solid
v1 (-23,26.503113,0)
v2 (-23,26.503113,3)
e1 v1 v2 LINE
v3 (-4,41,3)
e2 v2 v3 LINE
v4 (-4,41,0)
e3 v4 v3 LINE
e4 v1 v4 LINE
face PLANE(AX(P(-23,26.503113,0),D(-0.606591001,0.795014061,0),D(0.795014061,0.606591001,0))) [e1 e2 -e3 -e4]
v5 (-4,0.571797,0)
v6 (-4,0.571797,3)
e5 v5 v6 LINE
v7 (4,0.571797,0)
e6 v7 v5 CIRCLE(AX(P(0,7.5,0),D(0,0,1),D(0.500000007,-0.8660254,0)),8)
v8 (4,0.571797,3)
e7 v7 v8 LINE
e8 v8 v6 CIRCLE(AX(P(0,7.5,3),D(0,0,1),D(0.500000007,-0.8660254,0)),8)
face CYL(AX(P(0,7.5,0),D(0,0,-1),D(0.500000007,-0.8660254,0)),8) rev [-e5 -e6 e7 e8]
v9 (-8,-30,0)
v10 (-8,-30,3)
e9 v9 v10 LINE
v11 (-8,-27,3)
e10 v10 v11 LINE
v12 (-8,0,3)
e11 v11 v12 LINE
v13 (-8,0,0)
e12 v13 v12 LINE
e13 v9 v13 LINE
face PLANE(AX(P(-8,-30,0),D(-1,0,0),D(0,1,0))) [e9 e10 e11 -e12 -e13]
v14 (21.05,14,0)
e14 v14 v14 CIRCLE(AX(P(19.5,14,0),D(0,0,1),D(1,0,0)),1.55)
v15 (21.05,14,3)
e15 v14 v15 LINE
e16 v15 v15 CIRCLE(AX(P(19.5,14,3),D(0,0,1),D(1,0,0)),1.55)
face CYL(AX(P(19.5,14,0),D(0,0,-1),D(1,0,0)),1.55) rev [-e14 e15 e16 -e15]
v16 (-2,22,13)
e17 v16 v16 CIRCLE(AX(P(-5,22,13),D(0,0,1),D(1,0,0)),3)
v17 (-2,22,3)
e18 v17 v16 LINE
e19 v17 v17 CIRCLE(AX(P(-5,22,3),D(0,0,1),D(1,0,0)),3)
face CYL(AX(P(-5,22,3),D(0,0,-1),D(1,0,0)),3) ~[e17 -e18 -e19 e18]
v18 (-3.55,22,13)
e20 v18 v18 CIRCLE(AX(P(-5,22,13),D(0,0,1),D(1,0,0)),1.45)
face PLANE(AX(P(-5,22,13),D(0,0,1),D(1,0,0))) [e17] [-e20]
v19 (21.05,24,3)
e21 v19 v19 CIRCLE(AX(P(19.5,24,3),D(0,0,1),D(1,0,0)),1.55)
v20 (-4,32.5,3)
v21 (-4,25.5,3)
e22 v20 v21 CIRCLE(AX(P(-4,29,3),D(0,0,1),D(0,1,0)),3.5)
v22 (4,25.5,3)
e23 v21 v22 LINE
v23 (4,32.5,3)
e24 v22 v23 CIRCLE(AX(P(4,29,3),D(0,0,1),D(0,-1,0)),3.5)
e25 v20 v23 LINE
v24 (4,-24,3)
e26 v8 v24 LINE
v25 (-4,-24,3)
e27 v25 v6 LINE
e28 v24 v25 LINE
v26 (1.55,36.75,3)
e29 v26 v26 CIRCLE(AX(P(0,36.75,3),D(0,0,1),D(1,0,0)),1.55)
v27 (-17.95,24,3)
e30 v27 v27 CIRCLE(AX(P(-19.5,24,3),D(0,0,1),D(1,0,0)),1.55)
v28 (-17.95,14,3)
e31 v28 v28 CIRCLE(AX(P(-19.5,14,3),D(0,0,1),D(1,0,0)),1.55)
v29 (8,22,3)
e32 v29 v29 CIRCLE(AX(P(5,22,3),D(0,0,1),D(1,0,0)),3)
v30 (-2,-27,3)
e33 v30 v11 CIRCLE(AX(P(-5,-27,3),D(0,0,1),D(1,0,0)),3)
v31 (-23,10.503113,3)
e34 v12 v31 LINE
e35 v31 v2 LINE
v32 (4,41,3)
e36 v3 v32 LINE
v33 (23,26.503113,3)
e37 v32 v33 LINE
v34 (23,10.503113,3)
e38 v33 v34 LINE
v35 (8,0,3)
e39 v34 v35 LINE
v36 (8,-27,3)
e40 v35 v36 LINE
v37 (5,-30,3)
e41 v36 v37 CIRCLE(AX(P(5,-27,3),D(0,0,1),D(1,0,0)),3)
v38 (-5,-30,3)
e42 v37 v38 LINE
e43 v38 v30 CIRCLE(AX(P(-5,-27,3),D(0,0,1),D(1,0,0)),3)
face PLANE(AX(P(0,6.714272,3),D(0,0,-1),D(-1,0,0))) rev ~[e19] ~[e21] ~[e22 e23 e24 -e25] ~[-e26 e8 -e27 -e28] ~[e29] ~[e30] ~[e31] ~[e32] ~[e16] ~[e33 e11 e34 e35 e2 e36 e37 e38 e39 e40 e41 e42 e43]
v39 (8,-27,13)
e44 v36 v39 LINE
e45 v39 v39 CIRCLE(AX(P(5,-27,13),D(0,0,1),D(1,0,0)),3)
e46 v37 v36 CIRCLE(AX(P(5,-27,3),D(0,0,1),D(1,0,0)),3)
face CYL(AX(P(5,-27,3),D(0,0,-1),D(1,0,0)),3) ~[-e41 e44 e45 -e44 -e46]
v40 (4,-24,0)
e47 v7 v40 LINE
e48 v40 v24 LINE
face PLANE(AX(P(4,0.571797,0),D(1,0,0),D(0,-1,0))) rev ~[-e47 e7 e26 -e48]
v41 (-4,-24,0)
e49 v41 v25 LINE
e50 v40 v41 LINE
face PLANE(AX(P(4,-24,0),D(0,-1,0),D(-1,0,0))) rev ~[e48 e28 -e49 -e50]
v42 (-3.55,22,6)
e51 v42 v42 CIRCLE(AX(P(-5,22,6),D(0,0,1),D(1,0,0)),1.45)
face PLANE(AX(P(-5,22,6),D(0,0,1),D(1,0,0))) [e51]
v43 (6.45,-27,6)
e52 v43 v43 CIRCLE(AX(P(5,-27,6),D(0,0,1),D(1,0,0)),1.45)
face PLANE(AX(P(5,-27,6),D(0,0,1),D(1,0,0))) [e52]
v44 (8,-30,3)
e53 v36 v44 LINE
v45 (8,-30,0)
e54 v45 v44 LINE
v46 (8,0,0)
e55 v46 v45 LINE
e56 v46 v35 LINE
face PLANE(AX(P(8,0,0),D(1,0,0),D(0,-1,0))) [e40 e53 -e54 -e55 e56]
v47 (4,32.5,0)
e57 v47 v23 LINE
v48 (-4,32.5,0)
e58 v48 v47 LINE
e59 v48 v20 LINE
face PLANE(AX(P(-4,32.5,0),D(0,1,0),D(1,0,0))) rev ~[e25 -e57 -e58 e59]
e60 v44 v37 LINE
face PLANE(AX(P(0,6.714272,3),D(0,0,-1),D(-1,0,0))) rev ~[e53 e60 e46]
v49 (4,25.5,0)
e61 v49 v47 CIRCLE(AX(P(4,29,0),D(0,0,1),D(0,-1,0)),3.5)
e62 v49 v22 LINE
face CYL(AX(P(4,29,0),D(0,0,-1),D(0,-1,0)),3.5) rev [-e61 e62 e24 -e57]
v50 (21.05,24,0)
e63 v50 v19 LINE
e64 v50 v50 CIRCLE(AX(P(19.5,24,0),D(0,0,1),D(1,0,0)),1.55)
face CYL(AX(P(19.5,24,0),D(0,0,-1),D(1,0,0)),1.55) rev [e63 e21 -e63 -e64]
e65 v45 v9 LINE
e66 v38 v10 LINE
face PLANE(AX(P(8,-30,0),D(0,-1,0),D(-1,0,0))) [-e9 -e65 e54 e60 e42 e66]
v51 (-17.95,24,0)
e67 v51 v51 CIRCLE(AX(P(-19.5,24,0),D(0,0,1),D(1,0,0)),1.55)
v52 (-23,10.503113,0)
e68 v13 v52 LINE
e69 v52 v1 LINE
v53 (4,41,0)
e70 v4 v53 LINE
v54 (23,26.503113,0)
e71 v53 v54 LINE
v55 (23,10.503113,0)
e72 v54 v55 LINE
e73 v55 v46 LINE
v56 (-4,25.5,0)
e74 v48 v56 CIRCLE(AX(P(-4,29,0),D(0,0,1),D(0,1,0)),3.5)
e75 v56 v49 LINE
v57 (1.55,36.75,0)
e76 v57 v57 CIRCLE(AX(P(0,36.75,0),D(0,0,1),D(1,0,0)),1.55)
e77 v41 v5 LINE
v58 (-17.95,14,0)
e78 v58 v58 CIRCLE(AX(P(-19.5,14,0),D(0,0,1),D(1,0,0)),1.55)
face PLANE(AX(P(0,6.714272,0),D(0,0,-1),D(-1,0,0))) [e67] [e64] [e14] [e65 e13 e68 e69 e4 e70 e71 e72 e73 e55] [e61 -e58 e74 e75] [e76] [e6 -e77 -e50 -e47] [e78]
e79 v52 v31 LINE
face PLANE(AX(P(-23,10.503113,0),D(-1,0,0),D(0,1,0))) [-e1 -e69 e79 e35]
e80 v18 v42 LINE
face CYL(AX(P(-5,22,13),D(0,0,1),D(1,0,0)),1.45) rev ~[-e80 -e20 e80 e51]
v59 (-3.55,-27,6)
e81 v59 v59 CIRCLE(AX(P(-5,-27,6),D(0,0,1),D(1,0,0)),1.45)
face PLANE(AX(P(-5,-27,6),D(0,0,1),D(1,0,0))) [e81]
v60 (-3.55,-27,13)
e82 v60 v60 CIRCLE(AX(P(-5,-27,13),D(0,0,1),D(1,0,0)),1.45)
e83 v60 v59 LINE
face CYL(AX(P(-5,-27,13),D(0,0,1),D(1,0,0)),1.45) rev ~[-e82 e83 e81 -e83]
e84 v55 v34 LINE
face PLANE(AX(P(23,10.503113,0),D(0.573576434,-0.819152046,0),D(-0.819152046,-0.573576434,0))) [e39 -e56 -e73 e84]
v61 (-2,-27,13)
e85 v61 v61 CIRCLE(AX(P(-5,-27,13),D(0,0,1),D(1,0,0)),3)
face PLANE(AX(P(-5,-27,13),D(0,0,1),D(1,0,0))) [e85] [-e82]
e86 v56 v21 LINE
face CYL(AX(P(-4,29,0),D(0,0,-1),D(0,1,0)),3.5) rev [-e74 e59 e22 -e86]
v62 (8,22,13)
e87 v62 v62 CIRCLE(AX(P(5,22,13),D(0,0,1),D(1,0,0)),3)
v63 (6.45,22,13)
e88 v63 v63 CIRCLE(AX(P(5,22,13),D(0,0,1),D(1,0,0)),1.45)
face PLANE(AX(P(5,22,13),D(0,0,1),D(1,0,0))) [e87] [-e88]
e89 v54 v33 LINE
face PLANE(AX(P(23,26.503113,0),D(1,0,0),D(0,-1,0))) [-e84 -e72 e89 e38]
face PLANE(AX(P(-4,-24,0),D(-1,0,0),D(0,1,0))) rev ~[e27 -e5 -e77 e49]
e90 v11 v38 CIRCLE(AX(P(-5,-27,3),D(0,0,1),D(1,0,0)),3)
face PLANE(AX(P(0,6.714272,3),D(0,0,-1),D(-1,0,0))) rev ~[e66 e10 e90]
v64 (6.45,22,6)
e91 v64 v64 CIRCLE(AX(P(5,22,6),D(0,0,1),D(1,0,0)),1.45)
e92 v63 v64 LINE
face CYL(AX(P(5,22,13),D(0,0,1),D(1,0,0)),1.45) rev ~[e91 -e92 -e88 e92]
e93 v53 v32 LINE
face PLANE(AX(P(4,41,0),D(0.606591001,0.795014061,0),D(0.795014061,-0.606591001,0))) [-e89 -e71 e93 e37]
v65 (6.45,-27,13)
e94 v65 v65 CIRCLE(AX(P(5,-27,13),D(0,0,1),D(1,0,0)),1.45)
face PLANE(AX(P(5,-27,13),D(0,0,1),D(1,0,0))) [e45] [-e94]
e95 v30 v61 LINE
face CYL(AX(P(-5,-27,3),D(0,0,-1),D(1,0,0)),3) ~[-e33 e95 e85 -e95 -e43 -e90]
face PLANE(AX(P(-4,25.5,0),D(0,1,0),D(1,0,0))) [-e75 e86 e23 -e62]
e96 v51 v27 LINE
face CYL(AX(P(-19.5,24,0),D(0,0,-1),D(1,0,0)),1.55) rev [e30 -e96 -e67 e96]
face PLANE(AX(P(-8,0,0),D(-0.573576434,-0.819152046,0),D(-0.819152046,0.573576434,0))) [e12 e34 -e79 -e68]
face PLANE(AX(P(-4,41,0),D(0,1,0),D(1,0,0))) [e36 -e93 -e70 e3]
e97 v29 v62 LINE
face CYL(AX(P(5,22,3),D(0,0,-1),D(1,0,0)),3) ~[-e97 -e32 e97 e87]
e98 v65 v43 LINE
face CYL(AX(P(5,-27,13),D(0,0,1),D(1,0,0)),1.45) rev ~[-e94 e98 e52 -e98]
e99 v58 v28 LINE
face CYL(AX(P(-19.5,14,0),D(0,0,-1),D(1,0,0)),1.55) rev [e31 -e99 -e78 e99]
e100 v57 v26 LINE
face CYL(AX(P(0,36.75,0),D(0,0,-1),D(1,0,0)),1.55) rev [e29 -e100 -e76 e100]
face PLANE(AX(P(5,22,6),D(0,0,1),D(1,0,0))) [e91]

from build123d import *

# Parameters (mm, degrees)
SKETCH_R     = 1.55
PAD_DEPTH    = 3
SKETCH001_R  = 3
PAD001_DEPTH = 10
SKETCH002_R  = 1.45
POCKET_DEPTH = 7


with BuildPart() as part:
    # Sketch → Pad (new body)
    with BuildSketch(Plane.XY):
        Polygon((8, -30), (-8, -30), (-8, 0), (-23, 10.503113), (-23, 26.503113), (-4, 41), (4, 41), (23, 26.503113), (23, 10.503113), (8, 0), align=None)
        with Locations((0, 36.75)):
            Circle(SKETCH_R, mode=Mode.SUBTRACT)
        with Locations((19.5, 24)):
            Circle(SKETCH_R, mode=Mode.SUBTRACT)
        with Locations((19.5, 14)):
            Circle(SKETCH_R, mode=Mode.SUBTRACT)
        with Locations((-19.5, 24)):
            Circle(SKETCH_R, mode=Mode.SUBTRACT)
        with Locations((-19.5, 14)):
            Circle(SKETCH_R, mode=Mode.SUBTRACT)
        with BuildLine():
            ThreePointArc((-4, 32.5), (-7.5, 29), (-4, 25.5))
            Line((-4, 25.5), (4, 25.5))
            ThreePointArc((4, 25.5), (7.5, 29), (4, 32.5))
            Line((-4, 32.5), (4, 32.5))
        make_face(mode=Mode.SUBTRACT)
        with BuildLine():
            ThreePointArc((4, 0.571797), (0, 15.5), (-4, 0.571797))
            Line((-4, -24), (-4, 0.571797))
            Line((4, -24), (-4, -24))
            Line((4, 0.571797), (4, -24))
        make_face(mode=Mode.SUBTRACT)
    extrude(amount=PAD_DEPTH)

    # Sketch001 (on Face25 of Pad) → Pad001 (join)
    with BuildSketch(Plane.XY.offset(3)):
        with Locations((-5, 22)):
            Circle(SKETCH001_R)
        with Locations((5, 22)):
            Circle(SKETCH001_R)
        with Locations((5, -27)):
            Circle(SKETCH001_R)
        with Locations((-5, -27)):
            Circle(SKETCH001_R)
    extrude(amount=PAD001_DEPTH)

    # Sketch002 (on Face35 of Pad001) → Pocket (cut)
    with BuildSketch(Plane.XY.offset(13)):
        with Locations((-5, 22)):
            Circle(SKETCH002_R)
        with Locations((5, 22)):
            Circle(SKETCH002_R)
        with Locations((5, -27)):
            Circle(SKETCH002_R)
        with Locations((-5, -27)):
            Circle(SKETCH002_R)
    extrude(amount=-POCKET_DEPTH, mode=Mode.SUBTRACT)


solid = part.part
